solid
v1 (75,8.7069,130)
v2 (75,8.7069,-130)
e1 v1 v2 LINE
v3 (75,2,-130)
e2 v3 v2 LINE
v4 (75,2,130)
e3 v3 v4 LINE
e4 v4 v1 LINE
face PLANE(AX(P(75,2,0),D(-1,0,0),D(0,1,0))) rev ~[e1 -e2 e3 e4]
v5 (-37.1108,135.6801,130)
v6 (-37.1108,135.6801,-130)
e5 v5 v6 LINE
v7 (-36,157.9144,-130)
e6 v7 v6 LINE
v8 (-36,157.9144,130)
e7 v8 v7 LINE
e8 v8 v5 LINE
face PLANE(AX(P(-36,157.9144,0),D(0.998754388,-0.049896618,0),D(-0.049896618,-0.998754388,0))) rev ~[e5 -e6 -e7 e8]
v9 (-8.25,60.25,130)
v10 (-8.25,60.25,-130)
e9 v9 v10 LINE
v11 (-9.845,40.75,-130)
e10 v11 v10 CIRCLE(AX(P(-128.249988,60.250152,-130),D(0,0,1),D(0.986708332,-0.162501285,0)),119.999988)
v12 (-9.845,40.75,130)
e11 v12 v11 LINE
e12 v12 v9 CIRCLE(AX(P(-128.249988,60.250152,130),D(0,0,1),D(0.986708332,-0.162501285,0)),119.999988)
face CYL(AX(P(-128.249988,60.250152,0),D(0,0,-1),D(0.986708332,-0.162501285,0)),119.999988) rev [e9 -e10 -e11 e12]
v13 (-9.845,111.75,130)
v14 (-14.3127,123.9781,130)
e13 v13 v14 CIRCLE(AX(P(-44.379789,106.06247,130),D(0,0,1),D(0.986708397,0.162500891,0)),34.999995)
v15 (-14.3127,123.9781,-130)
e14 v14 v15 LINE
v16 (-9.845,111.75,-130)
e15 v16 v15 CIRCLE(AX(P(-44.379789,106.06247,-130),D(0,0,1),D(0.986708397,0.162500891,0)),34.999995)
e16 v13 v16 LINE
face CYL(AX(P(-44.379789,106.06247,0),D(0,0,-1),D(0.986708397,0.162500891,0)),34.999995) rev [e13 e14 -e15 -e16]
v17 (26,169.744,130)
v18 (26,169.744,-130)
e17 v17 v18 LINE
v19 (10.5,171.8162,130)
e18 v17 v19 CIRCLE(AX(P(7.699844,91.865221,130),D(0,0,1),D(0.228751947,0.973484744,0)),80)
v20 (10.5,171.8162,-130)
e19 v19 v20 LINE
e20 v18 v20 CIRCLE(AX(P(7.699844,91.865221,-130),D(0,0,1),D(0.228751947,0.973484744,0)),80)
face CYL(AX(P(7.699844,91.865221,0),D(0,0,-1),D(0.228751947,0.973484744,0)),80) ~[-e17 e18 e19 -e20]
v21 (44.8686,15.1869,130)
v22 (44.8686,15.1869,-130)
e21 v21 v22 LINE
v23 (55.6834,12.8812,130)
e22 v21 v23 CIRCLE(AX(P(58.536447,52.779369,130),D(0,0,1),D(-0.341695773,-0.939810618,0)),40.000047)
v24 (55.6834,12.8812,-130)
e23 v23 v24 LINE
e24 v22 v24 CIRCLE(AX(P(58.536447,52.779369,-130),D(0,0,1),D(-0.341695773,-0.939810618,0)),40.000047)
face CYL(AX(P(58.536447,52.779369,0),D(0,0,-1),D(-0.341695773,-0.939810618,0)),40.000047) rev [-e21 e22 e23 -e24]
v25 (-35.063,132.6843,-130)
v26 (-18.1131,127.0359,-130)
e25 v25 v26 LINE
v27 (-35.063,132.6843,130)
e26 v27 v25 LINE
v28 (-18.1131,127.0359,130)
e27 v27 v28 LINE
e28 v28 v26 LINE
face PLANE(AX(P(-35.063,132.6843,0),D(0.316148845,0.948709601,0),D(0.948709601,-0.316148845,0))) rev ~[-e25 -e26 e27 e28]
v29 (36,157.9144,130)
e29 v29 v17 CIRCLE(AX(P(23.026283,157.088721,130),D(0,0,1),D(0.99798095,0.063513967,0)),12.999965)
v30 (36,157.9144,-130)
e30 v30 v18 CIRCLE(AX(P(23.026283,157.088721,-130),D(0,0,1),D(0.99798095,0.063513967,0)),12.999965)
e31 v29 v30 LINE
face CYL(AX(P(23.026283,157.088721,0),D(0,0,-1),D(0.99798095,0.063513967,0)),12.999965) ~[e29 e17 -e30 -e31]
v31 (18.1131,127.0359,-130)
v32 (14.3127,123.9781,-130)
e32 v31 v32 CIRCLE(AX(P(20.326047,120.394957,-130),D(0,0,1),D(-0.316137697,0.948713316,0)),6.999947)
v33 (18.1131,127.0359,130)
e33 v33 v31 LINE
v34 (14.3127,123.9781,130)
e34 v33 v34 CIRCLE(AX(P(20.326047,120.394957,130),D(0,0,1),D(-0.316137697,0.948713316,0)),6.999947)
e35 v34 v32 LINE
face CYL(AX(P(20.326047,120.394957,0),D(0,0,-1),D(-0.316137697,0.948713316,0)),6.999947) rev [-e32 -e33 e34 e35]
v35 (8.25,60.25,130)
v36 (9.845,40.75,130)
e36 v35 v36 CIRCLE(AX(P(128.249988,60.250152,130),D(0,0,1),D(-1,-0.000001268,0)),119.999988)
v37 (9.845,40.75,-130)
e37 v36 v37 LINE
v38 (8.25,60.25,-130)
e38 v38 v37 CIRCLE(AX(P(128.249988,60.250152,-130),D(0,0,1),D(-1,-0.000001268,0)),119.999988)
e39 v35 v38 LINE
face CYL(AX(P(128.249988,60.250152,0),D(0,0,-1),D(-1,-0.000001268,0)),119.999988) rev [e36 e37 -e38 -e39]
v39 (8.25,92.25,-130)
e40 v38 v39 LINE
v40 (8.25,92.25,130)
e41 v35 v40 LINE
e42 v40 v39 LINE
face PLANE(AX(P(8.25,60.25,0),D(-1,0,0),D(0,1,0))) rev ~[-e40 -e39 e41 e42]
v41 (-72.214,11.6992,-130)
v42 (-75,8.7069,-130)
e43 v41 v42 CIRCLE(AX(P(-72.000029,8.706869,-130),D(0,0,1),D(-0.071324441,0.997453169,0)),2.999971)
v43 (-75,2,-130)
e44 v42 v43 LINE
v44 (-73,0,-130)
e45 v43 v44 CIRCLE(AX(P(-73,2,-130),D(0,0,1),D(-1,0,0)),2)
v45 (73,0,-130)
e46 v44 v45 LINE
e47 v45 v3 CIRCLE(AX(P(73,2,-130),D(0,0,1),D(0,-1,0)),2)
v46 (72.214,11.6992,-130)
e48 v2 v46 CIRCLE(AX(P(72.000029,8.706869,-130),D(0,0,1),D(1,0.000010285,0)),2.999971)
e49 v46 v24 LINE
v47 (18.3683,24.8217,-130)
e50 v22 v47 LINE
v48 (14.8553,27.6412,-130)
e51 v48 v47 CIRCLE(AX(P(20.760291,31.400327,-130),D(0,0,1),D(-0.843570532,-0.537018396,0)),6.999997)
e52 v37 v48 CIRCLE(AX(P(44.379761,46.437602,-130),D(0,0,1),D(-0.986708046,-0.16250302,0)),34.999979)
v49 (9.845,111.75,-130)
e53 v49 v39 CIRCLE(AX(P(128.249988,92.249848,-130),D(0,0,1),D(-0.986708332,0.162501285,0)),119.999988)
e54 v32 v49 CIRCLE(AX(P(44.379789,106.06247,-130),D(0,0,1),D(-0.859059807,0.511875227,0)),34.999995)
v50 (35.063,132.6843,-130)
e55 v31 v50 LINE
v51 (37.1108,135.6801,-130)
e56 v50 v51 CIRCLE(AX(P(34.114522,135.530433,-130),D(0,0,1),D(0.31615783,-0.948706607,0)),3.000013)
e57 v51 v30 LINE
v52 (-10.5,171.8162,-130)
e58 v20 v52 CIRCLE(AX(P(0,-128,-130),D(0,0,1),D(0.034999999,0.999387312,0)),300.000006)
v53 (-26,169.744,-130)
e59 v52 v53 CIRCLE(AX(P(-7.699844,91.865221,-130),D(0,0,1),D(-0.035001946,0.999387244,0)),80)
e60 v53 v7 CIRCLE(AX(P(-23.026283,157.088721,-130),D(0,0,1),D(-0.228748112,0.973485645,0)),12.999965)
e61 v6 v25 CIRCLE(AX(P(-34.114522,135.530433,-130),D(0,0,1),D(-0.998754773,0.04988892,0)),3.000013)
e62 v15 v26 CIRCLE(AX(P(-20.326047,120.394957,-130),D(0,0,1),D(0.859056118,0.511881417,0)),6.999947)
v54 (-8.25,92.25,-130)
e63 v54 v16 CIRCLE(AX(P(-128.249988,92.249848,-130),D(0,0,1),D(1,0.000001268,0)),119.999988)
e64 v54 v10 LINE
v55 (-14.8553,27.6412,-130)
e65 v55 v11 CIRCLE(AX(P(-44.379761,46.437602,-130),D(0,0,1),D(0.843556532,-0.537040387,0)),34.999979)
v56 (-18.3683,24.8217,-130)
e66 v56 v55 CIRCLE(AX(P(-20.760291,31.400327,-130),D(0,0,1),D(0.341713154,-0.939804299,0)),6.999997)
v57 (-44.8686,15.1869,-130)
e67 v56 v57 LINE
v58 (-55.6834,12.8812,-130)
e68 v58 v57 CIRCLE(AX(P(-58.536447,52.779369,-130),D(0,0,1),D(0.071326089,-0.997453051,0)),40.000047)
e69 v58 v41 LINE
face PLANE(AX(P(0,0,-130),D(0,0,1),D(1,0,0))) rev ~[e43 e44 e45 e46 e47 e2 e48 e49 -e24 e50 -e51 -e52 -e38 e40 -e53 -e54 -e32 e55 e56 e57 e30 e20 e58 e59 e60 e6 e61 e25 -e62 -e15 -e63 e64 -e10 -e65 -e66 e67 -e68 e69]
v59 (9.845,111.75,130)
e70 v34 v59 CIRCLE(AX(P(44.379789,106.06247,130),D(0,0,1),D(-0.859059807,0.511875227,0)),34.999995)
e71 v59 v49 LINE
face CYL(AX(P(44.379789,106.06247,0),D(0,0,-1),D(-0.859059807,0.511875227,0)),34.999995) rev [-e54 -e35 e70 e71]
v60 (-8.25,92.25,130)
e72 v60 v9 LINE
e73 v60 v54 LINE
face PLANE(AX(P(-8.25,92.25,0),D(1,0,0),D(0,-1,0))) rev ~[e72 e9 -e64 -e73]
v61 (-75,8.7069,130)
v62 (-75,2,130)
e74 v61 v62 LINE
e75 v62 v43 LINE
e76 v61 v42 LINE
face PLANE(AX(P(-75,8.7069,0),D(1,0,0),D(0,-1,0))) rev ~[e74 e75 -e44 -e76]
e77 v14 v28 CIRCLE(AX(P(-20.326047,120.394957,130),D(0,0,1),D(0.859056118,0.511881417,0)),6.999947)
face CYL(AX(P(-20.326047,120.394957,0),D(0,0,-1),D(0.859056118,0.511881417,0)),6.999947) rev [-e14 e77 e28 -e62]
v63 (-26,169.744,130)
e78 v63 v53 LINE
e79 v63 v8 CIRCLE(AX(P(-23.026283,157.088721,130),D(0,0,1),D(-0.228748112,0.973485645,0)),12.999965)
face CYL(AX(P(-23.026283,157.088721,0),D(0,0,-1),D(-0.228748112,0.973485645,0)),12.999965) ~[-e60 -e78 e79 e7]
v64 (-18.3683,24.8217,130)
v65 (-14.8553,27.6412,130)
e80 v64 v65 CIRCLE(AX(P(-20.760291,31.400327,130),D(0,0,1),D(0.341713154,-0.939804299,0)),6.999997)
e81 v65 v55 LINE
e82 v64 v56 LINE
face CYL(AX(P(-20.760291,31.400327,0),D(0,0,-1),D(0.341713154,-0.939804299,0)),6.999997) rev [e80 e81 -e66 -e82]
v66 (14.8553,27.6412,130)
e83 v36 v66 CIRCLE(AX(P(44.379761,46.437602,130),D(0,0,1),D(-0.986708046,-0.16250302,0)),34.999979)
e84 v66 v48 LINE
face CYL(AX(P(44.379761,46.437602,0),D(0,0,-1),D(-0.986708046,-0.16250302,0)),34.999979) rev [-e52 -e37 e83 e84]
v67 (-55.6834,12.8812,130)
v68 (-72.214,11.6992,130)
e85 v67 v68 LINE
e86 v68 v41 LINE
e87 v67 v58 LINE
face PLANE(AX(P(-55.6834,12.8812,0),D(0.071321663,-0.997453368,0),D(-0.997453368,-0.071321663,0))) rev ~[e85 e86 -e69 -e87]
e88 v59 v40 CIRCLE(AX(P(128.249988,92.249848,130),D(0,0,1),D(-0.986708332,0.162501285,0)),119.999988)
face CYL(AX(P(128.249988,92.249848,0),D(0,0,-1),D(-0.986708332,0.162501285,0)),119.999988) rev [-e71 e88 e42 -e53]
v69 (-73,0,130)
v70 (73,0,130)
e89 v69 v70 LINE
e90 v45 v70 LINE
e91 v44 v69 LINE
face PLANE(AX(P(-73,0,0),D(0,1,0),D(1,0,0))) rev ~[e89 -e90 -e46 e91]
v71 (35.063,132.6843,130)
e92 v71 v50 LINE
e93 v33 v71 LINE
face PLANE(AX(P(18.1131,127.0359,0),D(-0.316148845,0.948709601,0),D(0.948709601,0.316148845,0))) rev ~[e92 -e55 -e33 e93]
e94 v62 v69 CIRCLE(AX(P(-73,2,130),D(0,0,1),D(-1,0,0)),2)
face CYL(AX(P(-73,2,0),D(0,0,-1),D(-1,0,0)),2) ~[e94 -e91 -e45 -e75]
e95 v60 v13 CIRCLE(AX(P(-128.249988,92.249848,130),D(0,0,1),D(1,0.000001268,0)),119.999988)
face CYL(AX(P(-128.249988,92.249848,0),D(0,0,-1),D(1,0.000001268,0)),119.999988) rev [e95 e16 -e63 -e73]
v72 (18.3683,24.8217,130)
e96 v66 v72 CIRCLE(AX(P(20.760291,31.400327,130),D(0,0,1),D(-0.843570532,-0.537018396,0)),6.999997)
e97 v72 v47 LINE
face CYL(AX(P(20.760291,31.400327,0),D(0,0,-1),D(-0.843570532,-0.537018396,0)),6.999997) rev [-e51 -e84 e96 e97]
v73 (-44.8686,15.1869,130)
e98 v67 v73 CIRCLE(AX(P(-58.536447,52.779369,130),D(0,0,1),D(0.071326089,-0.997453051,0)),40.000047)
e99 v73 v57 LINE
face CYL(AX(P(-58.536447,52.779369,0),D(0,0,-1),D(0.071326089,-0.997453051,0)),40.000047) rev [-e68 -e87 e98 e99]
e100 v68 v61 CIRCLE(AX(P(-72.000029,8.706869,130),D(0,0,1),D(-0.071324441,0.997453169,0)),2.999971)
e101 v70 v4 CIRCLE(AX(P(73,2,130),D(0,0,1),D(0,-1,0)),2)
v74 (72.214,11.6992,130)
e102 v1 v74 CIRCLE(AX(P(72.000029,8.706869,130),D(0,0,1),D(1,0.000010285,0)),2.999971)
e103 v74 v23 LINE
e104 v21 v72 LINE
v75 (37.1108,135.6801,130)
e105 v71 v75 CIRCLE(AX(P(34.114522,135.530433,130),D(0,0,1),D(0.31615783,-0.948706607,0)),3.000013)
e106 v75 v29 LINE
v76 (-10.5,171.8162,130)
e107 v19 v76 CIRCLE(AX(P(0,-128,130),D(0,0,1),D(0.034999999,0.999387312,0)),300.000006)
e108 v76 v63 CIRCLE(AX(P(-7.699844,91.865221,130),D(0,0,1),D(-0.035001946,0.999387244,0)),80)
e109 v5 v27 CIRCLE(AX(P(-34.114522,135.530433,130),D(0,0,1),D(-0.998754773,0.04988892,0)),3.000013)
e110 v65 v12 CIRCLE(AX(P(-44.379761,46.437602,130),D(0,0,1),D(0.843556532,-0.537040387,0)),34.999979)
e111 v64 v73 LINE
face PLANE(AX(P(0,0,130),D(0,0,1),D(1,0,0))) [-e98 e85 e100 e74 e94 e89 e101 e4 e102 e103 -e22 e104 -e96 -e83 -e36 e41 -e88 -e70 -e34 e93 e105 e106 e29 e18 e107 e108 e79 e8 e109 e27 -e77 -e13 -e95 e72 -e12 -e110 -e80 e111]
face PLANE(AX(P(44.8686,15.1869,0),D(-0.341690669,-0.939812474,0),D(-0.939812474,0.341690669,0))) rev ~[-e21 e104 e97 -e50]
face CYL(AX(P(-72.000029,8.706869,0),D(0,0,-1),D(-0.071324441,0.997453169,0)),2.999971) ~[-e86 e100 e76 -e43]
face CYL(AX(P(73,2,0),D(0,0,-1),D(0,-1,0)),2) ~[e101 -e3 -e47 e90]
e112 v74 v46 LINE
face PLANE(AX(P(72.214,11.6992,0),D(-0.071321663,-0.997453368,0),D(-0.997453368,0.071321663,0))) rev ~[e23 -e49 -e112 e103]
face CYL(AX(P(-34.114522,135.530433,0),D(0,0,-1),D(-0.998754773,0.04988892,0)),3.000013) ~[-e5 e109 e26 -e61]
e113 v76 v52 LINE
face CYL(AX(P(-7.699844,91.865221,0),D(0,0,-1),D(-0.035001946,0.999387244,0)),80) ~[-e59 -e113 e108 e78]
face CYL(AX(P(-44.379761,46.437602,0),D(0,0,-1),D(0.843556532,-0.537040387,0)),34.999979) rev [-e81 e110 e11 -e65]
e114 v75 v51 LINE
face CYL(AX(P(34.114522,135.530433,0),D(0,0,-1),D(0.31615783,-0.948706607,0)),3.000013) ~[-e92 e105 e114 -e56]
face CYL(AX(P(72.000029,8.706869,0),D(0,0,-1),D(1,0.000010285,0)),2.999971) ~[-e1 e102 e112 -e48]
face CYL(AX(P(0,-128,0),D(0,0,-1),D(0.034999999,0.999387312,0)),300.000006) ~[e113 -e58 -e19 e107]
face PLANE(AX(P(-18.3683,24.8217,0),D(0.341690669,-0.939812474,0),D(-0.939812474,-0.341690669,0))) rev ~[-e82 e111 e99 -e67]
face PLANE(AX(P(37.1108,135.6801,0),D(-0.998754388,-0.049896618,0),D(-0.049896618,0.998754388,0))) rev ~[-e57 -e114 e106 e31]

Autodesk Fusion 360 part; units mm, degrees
sketch "Sketch1" plane through (0, 0, 0) normal (0, 0, 1) x (1, 0, 0)
  line L0 (-73, 0) -> (73, 0)
  arc A0 (73, 0) -> (75, 2) centre (73, 2) ccw
  line L1 (75, 2) -> (75, 8.7069)
  arc A1 (75, 8.7069) -> (72.214, 11.6992) centre (72, 8.7069) ccw
  line L2 (72.214, 11.6992) -> (55.6834, 12.8812)
  arc A2 (44.8686, 15.1869) -> (55.6834, 12.8812) centre (58.5363, 52.7794) ccw
  line L3 (44.8686, 15.1869) -> (18.3683, 24.8217)
  arc A3 (14.8553, 27.6412) -> (18.3683, 24.8217) centre (20.7602, 31.4004) ccw
  arc A4 (9.845, 40.75) -> (14.8553, 27.6412) centre (44.3798, 46.4375) ccw
  arc A5 (8.25, 60.25) -> (9.845, 40.75) centre (128.25, 60.25) ccw
  line L4 (8.25, 60.25) -> (8.25, 92.25)
  arc A6 (9.845, 111.75) -> (8.25, 92.25) centre (128.25, 92.25) ccw
  arc A7 (14.3127, 123.9781) -> (9.845, 111.75) centre (44.3798, 106.0625) ccw
  arc A8 (18.1131, 127.0359) -> (14.3127, 123.9781) centre (20.3261, 120.395) ccw
  line L5 (18.1131, 127.0359) -> (35.063, 132.6843)
  arc A9 (35.063, 132.6843) -> (37.1108, 135.6801) centre (34.1145, 135.5304) ccw
  line L6 (37.1108, 135.6801) -> (36, 157.9144)
  arc A10 (36, 157.9144) -> (26, 169.744) centre (23.0263, 157.0887) ccw
  arc A11 (26, 169.744) -> (10.5, 171.8162) centre (7.7, 91.8652) ccw
  arc A12 (10.5, 171.8162) -> (-10.5, 171.8162) centre (0, -128) ccw
  arc A13 (-10.5, 171.8162) -> (-26, 169.744) centre (-7.7, 91.8652) ccw
  arc A14 (-26, 169.744) -> (-36, 157.9144) centre (-23.0263, 157.0887) ccw
  line L7 (-36, 157.9144) -> (-37.1108, 135.6801)
  arc A15 (-37.1108, 135.6801) -> (-35.063, 132.6843) centre (-34.1145, 135.5304) ccw
  line L8 (-35.063, 132.6843) -> (-18.1131, 127.0359)
  arc A16 (-14.3127, 123.9781) -> (-18.1131, 127.0359) centre (-20.3261, 120.395) ccw
  arc A17 (-9.845, 111.75) -> (-14.3127, 123.9781) centre (-44.3798, 106.0625) ccw
  arc A18 (-8.25, 92.25) -> (-9.845, 111.75) centre (-128.25, 92.25) ccw
  line L9 (-8.25, 92.25) -> (-8.25, 60.25)
  arc A19 (-9.845, 40.75) -> (-8.25, 60.25) centre (-128.25, 60.25) ccw
  arc A20 (-14.8553, 27.6412) -> (-9.845, 40.75) centre (-44.3798, 46.4375) ccw
  arc A21 (-18.3683, 24.8217) -> (-14.8553, 27.6412) centre (-20.7602, 31.4004) ccw
  line L10 (-18.3683, 24.8217) -> (-44.8686, 15.1869)
  arc A22 (-55.6834, 12.8812) -> (-44.8686, 15.1869) centre (-58.5363, 52.7794) ccw
  line L11 (-55.6834, 12.8812) -> (-72.214, 11.6992)
  arc A23 (-72.214, 11.6992) -> (-75, 8.7069) centre (-72, 8.7069) ccw
  line L12 (-75, 8.7069) -> (-75, 2)
  arc A24 (-75, 2) -> (-73, 0) centre (-73, 2) ccw
extrude "Extrude1" add sketch "Sketch1" along normal mid plane 260
